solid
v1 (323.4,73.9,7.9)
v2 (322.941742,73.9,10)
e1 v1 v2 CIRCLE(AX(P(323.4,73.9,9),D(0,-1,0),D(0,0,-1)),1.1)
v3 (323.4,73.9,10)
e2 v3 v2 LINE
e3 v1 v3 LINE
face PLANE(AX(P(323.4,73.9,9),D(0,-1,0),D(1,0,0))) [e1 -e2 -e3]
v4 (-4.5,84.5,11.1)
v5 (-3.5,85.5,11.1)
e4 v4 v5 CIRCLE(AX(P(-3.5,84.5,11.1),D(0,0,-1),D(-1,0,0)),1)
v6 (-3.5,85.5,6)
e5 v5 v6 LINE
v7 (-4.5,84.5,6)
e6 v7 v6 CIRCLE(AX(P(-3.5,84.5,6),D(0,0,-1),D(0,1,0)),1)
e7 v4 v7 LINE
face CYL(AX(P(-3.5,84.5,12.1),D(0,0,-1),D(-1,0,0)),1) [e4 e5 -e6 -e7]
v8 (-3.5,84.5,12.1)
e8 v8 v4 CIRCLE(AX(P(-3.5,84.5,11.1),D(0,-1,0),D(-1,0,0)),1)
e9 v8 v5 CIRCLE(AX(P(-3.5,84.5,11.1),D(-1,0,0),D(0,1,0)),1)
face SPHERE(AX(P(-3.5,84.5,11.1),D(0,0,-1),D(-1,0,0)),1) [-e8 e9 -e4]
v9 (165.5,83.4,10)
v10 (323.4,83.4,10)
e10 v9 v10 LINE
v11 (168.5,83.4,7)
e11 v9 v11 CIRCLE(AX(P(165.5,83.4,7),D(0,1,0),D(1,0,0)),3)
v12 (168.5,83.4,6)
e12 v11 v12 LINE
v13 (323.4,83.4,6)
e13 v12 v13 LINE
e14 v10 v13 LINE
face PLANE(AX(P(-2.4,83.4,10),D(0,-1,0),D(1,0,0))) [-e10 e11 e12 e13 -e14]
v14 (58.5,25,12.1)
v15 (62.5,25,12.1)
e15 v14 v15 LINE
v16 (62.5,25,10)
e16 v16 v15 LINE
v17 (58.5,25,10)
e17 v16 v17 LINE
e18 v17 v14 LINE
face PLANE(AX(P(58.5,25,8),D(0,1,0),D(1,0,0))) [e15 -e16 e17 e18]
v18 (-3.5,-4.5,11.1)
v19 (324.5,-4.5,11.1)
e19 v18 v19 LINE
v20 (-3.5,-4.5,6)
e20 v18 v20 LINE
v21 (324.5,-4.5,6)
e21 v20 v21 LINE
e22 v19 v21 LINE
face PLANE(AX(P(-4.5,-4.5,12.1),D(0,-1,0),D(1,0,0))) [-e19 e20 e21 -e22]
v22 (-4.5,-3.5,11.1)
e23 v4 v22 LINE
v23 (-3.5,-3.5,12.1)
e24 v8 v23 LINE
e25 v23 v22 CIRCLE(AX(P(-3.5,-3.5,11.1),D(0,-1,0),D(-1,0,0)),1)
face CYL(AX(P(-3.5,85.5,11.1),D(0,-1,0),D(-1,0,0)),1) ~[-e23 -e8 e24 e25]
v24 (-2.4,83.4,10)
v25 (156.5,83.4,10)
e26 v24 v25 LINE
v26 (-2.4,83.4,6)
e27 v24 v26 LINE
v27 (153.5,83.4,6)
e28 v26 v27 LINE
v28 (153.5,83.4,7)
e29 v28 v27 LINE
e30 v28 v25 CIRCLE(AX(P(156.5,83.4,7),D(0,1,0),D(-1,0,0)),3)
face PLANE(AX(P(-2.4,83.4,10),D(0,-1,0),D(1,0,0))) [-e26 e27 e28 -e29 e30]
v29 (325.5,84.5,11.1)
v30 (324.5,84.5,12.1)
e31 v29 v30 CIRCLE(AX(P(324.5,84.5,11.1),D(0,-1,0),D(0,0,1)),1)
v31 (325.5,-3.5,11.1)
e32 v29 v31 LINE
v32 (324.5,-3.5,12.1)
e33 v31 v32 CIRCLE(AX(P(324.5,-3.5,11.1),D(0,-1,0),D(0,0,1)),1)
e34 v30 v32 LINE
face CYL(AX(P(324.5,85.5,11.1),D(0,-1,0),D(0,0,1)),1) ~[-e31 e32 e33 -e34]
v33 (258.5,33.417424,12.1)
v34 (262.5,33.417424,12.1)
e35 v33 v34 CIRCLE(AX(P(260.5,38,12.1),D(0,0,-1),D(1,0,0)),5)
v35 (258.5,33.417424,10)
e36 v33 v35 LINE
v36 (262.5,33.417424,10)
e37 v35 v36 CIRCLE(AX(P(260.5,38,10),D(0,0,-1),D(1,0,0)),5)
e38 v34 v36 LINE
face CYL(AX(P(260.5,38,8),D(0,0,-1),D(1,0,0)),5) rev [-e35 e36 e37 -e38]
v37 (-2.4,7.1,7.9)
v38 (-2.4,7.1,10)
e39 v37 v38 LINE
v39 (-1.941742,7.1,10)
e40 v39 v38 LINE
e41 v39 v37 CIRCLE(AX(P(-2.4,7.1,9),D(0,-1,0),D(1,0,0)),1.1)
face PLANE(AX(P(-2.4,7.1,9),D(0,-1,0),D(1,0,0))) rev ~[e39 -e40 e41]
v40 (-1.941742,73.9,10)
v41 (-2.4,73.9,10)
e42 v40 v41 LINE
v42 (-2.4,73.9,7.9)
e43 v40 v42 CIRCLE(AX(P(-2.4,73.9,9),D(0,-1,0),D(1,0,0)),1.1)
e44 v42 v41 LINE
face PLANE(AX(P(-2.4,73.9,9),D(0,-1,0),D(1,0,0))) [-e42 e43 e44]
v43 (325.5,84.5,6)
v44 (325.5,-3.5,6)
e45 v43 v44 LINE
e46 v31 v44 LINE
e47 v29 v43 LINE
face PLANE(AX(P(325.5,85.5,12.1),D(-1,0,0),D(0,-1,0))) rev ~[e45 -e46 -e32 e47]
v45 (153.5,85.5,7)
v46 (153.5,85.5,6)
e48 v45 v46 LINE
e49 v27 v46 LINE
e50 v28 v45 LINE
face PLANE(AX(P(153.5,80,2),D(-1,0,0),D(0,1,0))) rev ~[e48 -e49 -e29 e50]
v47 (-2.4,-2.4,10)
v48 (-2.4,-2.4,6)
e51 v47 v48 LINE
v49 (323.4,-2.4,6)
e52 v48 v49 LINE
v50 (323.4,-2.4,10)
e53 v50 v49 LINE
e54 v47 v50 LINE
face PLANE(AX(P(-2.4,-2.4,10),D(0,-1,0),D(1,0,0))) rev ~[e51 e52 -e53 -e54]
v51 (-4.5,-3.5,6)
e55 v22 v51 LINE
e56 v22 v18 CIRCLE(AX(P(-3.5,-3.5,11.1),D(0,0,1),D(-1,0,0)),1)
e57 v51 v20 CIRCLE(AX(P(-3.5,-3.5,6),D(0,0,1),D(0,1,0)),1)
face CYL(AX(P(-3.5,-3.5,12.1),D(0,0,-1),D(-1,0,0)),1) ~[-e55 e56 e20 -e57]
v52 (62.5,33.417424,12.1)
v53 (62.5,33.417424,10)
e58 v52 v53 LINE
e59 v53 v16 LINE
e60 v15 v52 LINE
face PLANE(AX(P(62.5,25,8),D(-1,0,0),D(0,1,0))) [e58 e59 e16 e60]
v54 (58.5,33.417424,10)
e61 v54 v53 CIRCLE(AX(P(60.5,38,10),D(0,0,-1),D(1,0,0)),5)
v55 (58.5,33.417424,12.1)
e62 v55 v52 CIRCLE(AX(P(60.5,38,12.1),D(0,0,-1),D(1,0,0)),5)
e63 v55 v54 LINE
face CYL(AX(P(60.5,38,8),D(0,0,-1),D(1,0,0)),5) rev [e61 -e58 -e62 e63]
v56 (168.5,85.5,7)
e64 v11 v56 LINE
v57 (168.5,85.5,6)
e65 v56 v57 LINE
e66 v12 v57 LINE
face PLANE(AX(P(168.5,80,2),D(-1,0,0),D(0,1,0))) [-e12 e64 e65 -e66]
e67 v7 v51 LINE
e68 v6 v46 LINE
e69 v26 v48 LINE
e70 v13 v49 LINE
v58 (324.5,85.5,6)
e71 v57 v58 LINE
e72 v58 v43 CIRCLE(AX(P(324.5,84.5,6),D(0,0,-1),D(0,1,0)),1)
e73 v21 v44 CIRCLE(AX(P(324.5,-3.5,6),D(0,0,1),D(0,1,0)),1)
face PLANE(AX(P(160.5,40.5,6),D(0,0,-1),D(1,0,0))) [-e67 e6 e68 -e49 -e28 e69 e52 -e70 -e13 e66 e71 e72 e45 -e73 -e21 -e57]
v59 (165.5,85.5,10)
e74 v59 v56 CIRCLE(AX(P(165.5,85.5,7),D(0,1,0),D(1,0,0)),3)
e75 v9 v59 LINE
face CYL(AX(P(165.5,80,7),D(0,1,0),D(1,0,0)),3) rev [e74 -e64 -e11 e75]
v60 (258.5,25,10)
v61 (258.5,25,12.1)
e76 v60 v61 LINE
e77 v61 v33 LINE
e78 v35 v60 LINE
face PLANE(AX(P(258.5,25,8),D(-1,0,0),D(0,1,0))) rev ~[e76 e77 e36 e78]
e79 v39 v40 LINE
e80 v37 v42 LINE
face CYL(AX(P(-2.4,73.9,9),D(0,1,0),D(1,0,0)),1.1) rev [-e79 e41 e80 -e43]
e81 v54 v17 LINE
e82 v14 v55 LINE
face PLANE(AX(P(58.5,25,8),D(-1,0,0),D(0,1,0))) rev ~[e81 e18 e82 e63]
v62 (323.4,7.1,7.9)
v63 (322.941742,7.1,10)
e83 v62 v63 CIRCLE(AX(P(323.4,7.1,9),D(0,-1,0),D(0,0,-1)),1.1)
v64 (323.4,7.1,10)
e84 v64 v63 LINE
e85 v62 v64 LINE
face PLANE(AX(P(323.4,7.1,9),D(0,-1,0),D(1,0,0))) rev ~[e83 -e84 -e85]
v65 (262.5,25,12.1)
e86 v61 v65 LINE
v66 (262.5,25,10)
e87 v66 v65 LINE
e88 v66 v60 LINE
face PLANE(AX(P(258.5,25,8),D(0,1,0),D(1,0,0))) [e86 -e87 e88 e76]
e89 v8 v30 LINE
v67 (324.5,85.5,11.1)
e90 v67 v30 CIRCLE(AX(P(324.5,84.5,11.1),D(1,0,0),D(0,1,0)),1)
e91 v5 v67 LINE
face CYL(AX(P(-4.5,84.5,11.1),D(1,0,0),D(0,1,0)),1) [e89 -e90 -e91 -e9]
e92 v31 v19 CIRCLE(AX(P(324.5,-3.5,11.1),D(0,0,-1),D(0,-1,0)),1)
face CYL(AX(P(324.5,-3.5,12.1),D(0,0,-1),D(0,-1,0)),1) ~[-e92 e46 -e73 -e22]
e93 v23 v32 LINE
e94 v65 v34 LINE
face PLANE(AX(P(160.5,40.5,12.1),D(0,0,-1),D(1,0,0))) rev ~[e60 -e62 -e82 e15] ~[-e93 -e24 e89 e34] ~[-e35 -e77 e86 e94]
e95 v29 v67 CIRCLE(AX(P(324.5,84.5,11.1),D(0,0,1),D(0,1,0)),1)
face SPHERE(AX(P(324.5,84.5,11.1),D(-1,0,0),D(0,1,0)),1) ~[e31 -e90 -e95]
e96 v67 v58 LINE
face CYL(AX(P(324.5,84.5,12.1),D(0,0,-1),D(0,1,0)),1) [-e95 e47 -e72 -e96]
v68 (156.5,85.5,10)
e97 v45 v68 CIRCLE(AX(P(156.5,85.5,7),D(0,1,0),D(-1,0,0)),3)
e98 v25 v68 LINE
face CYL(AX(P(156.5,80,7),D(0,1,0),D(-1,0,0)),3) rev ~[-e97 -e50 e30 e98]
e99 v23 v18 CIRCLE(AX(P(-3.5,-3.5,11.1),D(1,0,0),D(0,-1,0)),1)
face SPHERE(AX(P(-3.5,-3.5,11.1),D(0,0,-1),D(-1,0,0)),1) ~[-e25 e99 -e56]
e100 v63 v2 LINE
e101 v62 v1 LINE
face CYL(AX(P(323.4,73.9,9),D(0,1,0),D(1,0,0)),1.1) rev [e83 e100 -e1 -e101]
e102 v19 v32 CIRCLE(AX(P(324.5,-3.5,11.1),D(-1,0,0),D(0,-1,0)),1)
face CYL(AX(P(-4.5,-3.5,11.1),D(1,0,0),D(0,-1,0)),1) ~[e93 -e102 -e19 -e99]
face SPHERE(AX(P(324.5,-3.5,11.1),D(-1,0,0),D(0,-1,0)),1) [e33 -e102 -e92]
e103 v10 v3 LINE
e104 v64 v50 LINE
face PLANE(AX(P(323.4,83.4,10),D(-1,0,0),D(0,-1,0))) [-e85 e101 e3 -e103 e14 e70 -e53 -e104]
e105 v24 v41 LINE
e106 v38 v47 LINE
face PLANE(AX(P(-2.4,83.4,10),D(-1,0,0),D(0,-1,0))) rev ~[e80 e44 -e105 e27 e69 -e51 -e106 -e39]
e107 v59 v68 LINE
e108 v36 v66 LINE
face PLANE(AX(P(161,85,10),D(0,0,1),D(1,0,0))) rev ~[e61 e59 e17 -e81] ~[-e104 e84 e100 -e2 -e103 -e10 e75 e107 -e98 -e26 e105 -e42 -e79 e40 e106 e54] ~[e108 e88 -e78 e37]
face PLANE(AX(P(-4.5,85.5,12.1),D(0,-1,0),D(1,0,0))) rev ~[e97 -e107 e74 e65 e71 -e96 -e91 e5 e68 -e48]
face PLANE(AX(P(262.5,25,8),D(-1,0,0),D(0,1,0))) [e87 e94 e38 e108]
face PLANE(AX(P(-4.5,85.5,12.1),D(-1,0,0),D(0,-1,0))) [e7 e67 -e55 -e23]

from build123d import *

# Parameters (mm, degrees)
BOX004_W                  = 4
BOX004_H                  = 10
BOX004_DEPTH              = 10
CYLINDER002_R             = 5
CYLINDER002_DEPTH         = 10
BOX003_W                  = 4
BOX003_H                  = 10
BOX003_DEPTH              = 10
CYLINDER001_R             = 5
CYLINDER001_DEPTH         = 10
BOX001_W                  = 15
BOX001_H                  = 10
BOX001_DEPTH              = 8
FILLET002_R               = 3
LID_GROOVE_LEFT_R         = 1.1
LID_GROOVE_LEFT_DEPTH     = 66.8
LID_GROOVE_RIGHT_R        = 1.1
LID_GROOVE_RIGHT_DEPTH    = 66.8
LID_INSIDE_W              = 325.8
LID_INSIDE_H              = 85.8
LID_INSIDE_DEPTH          = 4
LID_OUTSIDE_W             = 330
LID_OUTSIDE_H             = 90
LID_OUTSIDE_DEPTH         = 6.1
FILLET001_R               = 1
FILLET001_PLACEMENT_ANGLE = 180


with BuildPart() as cube003:
    # Box004 → Box004 (new body)
    with BuildSketch(Plane.XY):
        with Locations((2, 5)):
            Rectangle(BOX004_W, BOX004_H)
    extrude(amount=BOX004_DEPTH)


with BuildPart() as fusion002:
    # Cylinder002 → Cylinder002 (new body)
    with BuildSketch(Plane(origin=(2, 13, 0), x_dir=(1, 0, 0), z_dir=(0, 0, 1))):
        Circle(CYLINDER002_R)
    extrude(amount=CYLINDER002_DEPTH)

    # Fusion002: union Cube003
    add(cube003.part)


with BuildPart() as fusion002_1:
    # Fusion002 placement: moved
    add(fusion002.part.moved(Location((258.5, 25, 8))))


with BuildPart() as cube002:
    # Box003 → Box003 (new body)
    with BuildSketch(Plane.XY):
        with Locations((2, 5)):
            Rectangle(BOX003_W, BOX003_H)
    extrude(amount=BOX003_DEPTH)


with BuildPart() as fusion001:
    # Cylinder001 → Cylinder001 (new body)
    with BuildSketch(Plane(origin=(2, 13, 0), x_dir=(1, 0, 0), z_dir=(0, 0, 1))):
        Circle(CYLINDER001_R)
    extrude(amount=CYLINDER001_DEPTH)

    # Fusion001: union Cube002
    add(cube002.part)


with BuildPart() as fusion001_1:
    # Fusion001 placement: moved
    add(fusion001.part.moved(Location((58.5, 25, 8))))


with BuildPart() as fillet002:
    # Box001 → Box001 (new body)
    with BuildSketch(Plane(origin=(153.5, 80, 2), x_dir=(1, 0, 0), z_dir=(0, 0, 1))):
        with Locations((7.5, 5)):
            Rectangle(BOX001_W, BOX001_H)
    extrude(amount=BOX001_DEPTH)

    # Fillet002
    fillet002_edges = [fillet002.edges().sort_by_distance(p)[0] for p in [
        (153.5, 85, 10),
        (153.5, 85, 2),
        (168.5, 85, 10),
        (168.5, 85, 2),
    ]]
    fillet(fillet002_edges, radius=FILLET002_R)


with BuildPart() as lid_groove_left:
    # lid_groove_left → lid_groove_left (new body)
    with BuildSketch(Plane(origin=(-2.4, 7.1, 1), x_dir=(1, 0, 0), z_dir=(0, 1, 0))):
        Circle(LID_GROOVE_LEFT_R)
    extrude(amount=LID_GROOVE_LEFT_DEPTH)


with BuildPart() as lid_groove_right:
    # lid_groove_right → lid_groove_right (new body)
    with BuildSketch(Plane(origin=(323.4, 7.1, 1), x_dir=(1, 0, 0), z_dir=(0, 1, 0))):
        Circle(LID_GROOVE_RIGHT_R)
    extrude(amount=LID_GROOVE_RIGHT_DEPTH)


with BuildPart() as lid_inside:
    # lid_inside → lid_inside (new body)
    with BuildSketch(Plane(origin=(-2.4, -2.4, 0), x_dir=(1, 0, 0), z_dir=(0, 0, 1))):
        with Locations((162.9, 42.9)):
            Rectangle(LID_INSIDE_W, LID_INSIDE_H)
    extrude(amount=LID_INSIDE_DEPTH)


with BuildPart() as lid002:
    # lid_outside → lid_outside (new body)
    with BuildSketch(Plane(origin=(-4.5, -4.5, -2.1), x_dir=(1, 0, 0), z_dir=(0, 0, 1))):
        with Locations((165, 45)):
            Rectangle(LID_OUTSIDE_W, LID_OUTSIDE_H)
    extrude(amount=LID_OUTSIDE_DEPTH)

    # Cut001: cut lid_inside
    add(lid_inside.part, mode=Mode.SUBTRACT)

    # Cut002: cut lid_groove_right
    add(lid_groove_right.part, mode=Mode.SUBTRACT)

    # Cut003: cut lid_groove_left
    add(lid_groove_left.part, mode=Mode.SUBTRACT)

    # Fillet001
    fillet001_edges = [lid002.edges().sort_by_distance(p)[0] for p in [
        (-4.5, -4.5, 0.95),
        (-4.5, 85.5, 0.95),
        (-4.5, 40.5, -2.1),
        (160.5, -4.5, -2.1),
        (325.5, -4.5, 0.95),
        (160.5, 85.5, -2.1),
        (325.5, 85.5, 0.95),
        (325.5, 40.5, -2.1),
    ]]
    fillet(fillet001_edges, radius=FILLET001_R)


with BuildPart() as lid002_1:
    # Fillet001 placement: moved
    add(lid002.part.moved(Location((0, 81, 10))).rotate(Axis((0, 81, 10), (1, 0, 0)), FILLET001_PLACEMENT_ANGLE))

    # Cut004: cut Fillet002
    add(fillet002.part, mode=Mode.SUBTRACT)

    # Cut007: cut Fusion001
    add(fusion001_1.part, mode=Mode.SUBTRACT)

    # Cut008: cut Fusion002
    add(fusion002_1.part, mode=Mode.SUBTRACT)


solid = lid002_1.part
